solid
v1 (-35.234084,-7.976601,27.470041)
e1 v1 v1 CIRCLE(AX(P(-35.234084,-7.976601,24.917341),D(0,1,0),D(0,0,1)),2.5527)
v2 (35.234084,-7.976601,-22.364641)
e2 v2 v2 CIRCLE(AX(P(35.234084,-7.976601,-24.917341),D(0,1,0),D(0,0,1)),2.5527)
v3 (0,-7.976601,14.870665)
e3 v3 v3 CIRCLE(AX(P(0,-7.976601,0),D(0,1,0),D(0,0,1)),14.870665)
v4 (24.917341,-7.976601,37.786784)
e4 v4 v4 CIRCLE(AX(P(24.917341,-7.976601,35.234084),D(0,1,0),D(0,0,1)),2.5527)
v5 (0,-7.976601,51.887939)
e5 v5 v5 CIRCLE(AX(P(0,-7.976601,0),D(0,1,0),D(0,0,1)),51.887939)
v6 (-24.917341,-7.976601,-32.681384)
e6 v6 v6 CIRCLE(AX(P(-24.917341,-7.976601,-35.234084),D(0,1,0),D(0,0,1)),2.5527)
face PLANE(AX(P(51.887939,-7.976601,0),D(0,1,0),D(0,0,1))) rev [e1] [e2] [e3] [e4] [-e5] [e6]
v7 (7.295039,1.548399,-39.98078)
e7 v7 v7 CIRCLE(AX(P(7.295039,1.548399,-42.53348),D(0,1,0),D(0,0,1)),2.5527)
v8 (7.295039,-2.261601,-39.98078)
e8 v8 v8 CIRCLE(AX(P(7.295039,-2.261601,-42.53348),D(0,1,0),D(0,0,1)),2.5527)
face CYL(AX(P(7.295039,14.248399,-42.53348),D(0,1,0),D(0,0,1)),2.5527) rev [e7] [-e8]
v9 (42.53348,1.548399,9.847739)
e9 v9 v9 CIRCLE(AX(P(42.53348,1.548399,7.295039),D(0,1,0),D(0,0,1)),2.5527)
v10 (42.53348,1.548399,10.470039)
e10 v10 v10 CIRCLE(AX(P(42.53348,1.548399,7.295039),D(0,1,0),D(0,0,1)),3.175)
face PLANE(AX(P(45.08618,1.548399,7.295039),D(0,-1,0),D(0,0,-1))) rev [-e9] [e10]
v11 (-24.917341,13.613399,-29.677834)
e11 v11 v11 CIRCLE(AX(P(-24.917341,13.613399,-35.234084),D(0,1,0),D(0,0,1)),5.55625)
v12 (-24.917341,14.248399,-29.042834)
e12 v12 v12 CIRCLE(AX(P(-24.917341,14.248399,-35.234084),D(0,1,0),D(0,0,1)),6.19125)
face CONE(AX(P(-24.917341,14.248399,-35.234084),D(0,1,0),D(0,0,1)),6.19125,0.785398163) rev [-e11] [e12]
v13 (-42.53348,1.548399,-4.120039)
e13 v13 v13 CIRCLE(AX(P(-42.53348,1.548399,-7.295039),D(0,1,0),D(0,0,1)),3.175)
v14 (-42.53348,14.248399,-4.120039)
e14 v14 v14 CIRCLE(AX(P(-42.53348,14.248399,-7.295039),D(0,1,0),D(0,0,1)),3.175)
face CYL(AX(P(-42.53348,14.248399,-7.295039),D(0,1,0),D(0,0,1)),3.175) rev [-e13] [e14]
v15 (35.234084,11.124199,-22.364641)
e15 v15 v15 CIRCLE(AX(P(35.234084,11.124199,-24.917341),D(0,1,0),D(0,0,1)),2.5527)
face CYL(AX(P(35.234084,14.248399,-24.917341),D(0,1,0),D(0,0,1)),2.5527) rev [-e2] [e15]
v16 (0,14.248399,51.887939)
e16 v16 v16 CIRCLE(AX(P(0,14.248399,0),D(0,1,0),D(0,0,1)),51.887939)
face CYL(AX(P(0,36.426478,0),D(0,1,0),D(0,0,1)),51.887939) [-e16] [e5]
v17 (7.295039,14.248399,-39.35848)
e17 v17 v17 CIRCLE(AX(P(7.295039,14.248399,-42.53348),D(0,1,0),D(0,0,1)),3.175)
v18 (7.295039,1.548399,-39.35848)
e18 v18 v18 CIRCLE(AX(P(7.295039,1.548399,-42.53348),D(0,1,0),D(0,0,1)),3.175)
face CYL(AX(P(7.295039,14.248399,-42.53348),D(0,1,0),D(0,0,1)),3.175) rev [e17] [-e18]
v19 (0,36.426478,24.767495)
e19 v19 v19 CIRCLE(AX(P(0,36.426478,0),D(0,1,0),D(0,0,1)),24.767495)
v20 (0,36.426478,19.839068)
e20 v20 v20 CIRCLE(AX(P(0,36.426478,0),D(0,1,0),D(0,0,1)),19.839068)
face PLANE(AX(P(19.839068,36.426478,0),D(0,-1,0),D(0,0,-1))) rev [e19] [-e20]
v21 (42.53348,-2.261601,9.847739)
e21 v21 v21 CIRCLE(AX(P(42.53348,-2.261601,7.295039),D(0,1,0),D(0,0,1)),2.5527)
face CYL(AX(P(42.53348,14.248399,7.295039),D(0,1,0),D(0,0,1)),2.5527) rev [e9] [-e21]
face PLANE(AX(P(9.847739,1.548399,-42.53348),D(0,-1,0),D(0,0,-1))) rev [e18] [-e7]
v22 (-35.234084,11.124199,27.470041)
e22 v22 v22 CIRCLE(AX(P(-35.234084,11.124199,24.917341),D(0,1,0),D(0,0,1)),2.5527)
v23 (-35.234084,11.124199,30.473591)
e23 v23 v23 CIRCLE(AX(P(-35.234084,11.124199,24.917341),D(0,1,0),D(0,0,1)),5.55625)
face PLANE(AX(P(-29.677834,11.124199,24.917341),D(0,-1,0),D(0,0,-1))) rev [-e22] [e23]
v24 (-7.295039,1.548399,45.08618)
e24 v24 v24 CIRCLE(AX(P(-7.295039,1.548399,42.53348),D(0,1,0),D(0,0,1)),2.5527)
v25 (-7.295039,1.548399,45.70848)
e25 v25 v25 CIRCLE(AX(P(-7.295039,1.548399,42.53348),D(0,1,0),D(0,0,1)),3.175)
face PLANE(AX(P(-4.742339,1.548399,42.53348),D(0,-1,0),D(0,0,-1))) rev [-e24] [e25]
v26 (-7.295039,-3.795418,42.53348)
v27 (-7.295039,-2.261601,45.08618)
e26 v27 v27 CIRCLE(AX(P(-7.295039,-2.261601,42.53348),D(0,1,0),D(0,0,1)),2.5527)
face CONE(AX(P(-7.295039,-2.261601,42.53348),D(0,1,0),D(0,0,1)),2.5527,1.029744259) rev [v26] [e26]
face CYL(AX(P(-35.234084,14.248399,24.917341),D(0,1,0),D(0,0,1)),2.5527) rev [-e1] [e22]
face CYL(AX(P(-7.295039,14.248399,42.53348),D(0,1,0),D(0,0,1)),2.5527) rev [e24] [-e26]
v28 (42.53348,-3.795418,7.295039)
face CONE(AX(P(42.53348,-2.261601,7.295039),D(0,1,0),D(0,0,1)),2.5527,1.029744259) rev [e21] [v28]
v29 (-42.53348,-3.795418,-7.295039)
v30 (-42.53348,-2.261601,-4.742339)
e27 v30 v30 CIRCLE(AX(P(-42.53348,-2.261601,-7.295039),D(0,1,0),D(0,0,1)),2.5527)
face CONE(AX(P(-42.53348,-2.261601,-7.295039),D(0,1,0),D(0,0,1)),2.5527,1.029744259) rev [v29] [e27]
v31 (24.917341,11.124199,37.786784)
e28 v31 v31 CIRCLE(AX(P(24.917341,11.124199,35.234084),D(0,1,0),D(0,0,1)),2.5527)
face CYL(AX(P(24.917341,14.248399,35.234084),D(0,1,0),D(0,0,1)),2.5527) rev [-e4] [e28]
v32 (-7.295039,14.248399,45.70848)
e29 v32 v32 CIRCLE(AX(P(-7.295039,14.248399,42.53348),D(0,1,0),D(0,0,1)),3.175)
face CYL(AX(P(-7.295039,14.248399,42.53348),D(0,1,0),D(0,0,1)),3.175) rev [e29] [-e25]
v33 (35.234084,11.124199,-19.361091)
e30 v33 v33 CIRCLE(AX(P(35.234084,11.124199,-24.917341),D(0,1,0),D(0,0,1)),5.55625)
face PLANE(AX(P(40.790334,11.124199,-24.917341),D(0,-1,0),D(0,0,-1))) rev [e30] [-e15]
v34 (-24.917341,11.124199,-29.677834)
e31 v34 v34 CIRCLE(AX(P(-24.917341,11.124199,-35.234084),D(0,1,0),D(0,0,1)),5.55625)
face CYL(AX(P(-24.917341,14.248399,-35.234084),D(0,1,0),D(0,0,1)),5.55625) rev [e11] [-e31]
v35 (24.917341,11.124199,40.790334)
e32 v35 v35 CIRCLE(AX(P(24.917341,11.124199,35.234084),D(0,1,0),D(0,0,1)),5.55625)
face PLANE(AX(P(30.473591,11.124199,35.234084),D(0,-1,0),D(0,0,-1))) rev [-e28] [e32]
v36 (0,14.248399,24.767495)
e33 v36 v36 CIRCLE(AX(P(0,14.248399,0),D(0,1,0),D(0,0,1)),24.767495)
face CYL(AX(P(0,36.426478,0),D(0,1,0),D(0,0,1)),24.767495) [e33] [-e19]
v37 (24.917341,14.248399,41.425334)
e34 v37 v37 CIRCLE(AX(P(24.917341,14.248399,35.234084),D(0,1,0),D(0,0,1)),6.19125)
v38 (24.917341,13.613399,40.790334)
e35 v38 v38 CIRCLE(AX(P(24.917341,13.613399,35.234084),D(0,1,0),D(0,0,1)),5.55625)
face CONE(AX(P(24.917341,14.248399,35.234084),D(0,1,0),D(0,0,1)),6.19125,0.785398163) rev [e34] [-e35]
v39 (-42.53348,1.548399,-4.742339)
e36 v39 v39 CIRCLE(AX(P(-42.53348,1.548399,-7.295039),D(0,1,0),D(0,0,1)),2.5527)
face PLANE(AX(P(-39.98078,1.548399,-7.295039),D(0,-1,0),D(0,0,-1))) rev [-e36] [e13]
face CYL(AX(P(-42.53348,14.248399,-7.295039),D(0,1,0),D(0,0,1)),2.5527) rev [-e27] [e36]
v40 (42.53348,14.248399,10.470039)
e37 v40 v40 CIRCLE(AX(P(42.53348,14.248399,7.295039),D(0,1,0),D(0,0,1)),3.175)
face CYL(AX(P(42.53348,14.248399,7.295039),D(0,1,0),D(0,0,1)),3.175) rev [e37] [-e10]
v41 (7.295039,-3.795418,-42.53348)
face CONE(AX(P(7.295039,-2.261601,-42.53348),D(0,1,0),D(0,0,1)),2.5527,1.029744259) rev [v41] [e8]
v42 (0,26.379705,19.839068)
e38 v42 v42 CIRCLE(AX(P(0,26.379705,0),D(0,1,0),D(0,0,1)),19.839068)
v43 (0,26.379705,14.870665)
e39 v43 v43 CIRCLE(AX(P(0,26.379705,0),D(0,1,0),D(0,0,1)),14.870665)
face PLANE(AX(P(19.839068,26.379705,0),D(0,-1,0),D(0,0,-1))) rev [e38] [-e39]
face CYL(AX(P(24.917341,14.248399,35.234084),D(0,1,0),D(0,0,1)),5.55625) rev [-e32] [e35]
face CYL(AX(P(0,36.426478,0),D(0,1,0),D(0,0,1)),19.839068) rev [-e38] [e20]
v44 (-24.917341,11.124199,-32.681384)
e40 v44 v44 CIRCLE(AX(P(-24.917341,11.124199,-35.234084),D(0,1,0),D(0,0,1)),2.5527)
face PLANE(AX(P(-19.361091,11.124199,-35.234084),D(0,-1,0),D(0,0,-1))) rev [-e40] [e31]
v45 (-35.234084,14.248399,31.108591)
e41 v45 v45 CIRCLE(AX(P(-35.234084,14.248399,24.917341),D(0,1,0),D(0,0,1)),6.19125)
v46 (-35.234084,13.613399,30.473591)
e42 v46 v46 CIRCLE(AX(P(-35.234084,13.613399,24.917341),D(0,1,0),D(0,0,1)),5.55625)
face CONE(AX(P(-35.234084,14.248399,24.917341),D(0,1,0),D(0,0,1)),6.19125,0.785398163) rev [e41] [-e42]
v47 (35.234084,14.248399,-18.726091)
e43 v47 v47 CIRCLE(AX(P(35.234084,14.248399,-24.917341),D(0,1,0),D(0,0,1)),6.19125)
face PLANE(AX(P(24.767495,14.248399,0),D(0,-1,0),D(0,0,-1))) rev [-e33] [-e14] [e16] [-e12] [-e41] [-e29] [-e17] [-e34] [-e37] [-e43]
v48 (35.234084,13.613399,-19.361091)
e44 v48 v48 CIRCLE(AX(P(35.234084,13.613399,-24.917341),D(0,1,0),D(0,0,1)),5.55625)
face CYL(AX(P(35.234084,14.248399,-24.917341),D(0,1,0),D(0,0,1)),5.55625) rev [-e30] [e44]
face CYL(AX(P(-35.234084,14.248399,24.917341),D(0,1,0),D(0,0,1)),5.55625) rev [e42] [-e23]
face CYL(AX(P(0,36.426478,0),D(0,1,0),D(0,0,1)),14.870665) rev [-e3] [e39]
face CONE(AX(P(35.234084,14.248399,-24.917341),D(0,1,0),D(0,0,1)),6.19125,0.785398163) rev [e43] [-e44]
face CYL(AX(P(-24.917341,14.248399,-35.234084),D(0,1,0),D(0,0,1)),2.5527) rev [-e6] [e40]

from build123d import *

# Parameters (mm, degrees)
CIRPATTERN1_COUNT = 4
CIRPATTERN2_COUNT = 4


with BuildPart() as part:
    # Sketch1 → Revolve2 (revolve)
    with BuildSketch(Plane.XY, mode=Mode.PRIVATE) as revolve2_sk:
        Polygon((19.839067821, 36.426477833), (24.767495434, 36.426477833), (24.767495434, 14.248399015), (51.887938783, 14.248399015), (51.887938783, -7.976600985), (14.87066517, -7.976600985), (14.87066517, 26.379705263), (19.839067821, 26.379705263), align=None)
    revolve(revolve2_sk.sketch.rotate(Axis((0, 36.426477833, 0), (0, -1, 0)), 90), axis=Axis((0, 36.426477833, 0), (0, -1, 0)))

    # Sketch4 → 1/4-20 Tapped Hole2 (revolve, cut)
    with BuildSketch(Plane(origin=(42.533479959, 14.248399015, 7.295039057), x_dir=(0, 0, 1), z_dir=(1, 0, 0))):
        Polygon((0, 0), (0, 18.043816902), (2.5527, 16.51), (2.5527, 12.7), (3.175, 12.7), (3.175, 0), align=None)
    f_1_4_20_tapped_hole2 = revolve(axis=Axis((42.533479959, 20.598399015, 7.295039057), (0, -1, 0)), mode=Mode.SUBTRACT)

    # CirPattern1: 1/4-20 Tapped Hole2 ×4 about axis
    cirpattern1_axis = Axis((0, 0, 0), (0, 1, 0))
    for i in range(1, CIRPATTERN1_COUNT):
        add(f_1_4_20_tapped_hole2.rotate(cirpattern1_axis, i * 360 / CIRPATTERN1_COUNT), mode=Mode.SUBTRACT)

    # Sketch7 → CBORE for #10 Binding Head Machine Screw1 (revolve, cut)
    with BuildSketch(Plane(origin=(35.234083692, 14.248399015, -24.91734052), x_dir=(0, 0, 1), z_dir=(1, 0, 0))):
        Polygon((0, 0), (0, 22.225), (2.5527, 22.225), (2.5527, 3.1242), (5.55625, 3.1242), (5.55625, 0.635), (6.19125, 0), align=None)
    cbore_for_10_binding_head_machine_screw = revolve(axis=Axis((35.234083692, 20.598399015, -24.91734052), (0, -1, 0)), mode=Mode.SUBTRACT)

    # CirPattern2: CBORE for #10 Binding Head Machine Screw1 ×4 about axis
    cirpattern2_axis = Axis((0, 0, 0), (0, 1, 0))
    for i in range(1, CIRPATTERN2_COUNT):
        add(cbore_for_10_binding_head_machine_screw.rotate(cirpattern2_axis, i * 360 / CIRPATTERN2_COUNT), mode=Mode.SUBTRACT)


solid = part.part
